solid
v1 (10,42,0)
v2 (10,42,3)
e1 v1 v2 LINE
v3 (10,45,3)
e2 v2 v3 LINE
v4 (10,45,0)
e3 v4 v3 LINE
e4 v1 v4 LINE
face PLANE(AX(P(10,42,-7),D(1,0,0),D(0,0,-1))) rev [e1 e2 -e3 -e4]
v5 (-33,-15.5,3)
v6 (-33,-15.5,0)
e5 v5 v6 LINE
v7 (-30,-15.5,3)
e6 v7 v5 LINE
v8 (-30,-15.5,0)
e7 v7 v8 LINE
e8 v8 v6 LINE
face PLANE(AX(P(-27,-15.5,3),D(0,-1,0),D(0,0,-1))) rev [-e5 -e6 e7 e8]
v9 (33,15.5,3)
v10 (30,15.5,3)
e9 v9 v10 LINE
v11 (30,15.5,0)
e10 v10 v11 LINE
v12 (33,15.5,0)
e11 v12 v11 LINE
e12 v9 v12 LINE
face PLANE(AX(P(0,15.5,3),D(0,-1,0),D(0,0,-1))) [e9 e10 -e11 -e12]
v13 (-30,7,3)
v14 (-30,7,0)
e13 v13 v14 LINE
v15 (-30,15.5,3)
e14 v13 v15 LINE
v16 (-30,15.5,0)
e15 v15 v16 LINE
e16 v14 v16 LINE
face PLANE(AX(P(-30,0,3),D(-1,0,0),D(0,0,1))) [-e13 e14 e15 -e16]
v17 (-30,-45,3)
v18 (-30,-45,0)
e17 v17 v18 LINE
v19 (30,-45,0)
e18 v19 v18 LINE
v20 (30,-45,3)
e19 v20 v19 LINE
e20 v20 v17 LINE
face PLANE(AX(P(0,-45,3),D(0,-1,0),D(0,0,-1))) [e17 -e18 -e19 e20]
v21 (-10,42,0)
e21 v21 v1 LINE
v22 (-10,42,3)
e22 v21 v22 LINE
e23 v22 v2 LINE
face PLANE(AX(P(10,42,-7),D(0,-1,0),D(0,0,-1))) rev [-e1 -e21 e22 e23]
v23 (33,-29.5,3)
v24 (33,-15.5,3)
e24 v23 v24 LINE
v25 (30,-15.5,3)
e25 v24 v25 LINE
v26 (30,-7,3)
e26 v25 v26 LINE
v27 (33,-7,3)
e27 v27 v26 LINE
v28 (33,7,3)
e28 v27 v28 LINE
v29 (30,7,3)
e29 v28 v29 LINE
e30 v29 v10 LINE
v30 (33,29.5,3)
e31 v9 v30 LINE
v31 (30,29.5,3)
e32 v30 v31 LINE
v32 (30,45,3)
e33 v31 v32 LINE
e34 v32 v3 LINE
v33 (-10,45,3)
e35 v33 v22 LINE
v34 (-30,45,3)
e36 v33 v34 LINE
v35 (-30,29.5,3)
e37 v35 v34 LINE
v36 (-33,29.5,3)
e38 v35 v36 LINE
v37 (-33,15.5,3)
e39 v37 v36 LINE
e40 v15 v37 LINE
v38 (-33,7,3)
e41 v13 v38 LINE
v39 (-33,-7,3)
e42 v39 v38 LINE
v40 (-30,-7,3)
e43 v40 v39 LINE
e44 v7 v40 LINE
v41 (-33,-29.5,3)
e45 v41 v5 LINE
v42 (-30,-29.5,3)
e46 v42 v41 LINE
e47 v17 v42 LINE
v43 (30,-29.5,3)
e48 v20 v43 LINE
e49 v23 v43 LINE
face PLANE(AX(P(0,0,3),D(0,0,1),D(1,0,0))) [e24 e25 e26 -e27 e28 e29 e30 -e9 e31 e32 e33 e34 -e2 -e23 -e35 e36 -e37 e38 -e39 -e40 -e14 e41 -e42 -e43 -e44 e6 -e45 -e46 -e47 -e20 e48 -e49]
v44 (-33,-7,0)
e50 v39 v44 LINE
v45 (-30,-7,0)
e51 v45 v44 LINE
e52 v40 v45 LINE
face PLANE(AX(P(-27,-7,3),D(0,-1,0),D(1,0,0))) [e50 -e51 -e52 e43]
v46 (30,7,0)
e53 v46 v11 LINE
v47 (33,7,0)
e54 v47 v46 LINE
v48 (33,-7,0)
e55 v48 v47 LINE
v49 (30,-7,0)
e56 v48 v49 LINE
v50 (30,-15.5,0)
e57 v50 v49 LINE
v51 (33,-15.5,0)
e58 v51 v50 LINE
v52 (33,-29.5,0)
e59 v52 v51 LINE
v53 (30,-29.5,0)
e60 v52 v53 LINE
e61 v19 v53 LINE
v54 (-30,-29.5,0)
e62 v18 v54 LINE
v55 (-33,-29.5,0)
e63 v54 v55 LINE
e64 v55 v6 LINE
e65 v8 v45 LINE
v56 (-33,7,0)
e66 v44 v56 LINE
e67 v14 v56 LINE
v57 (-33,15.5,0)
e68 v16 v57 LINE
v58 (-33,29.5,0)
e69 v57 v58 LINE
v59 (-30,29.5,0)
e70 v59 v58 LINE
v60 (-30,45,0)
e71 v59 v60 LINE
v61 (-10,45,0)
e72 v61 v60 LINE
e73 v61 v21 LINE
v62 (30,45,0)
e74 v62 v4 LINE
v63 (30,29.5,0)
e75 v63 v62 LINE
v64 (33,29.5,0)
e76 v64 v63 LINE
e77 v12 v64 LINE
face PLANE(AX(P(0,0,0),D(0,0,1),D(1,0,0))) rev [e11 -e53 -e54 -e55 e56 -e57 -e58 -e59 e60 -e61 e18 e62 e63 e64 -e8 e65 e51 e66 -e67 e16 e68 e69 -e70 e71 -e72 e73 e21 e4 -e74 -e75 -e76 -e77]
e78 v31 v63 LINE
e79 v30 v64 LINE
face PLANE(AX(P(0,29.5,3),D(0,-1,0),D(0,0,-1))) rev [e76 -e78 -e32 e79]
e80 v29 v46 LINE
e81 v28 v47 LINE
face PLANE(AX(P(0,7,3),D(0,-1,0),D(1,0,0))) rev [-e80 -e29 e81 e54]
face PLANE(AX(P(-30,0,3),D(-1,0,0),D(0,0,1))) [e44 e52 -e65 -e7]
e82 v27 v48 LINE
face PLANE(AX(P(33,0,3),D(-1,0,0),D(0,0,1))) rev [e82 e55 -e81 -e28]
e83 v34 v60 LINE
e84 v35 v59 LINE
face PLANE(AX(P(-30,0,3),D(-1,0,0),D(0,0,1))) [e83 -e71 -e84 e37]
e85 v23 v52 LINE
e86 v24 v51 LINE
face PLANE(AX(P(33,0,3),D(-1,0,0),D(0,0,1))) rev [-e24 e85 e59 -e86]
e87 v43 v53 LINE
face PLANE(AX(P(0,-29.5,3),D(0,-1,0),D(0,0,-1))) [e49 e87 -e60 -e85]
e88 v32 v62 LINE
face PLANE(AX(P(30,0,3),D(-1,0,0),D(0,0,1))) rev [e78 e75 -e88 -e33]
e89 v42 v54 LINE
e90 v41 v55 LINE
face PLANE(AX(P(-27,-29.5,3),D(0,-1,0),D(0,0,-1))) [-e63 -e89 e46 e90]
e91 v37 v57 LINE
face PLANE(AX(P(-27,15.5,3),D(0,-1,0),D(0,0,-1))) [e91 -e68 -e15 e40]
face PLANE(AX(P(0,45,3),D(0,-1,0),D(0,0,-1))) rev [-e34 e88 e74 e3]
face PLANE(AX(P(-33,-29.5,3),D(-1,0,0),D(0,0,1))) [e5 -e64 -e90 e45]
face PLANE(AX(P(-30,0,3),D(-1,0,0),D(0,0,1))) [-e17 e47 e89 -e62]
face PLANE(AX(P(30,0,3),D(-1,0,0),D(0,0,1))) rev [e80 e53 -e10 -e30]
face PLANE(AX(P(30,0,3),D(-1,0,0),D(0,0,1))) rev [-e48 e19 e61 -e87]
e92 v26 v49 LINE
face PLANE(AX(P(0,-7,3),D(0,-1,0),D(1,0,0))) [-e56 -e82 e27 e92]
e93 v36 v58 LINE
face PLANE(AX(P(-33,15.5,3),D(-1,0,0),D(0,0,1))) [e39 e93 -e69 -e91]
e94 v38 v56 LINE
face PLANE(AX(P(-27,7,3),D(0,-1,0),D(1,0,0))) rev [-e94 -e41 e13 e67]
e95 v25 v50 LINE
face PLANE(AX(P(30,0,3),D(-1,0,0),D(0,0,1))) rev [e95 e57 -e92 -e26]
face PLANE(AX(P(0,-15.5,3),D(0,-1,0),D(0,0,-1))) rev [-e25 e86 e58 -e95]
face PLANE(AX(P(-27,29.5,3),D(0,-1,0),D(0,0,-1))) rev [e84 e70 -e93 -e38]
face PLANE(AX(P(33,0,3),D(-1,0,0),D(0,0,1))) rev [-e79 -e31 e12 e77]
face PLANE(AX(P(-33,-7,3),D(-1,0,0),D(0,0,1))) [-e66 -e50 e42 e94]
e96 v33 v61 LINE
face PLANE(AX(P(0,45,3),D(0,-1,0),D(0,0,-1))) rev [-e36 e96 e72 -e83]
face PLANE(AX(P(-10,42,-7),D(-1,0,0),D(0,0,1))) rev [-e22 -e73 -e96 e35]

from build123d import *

# Parameters (mm, degrees)
BOSS_EXTRU_1_DEPTH      = 3
ESQUISSE2_W             = 20
ESQUISSE2_H             = 6
ENL_V_MAT_EXTRU_1_DEPTH = 10


with BuildPart() as part:
    # Esquisse1 → Boss.-Extru.1 (new body)
    with BuildSketch(Plane.XY):
        Polygon((-30, -45), (30, -45), (30, -29.5), (33, -29.5), (33, -15.5), (30, -15.5), (30, -7), (33, -7), (33, 7), (30, 7), (30, 15.5), (33, 15.5), (33, 29.5), (30, 29.5), (30, 45), (-30, 45), (-30, 29.5), (-33, 29.5), (-33, 15.5), (-30, 15.5), (-30, 7), (-33, 7), (-33, -7), (-30, -7), (-30, -15.5), (-33, -15.5), (-33, -29.5), (-30, -29.5), align=None)
    extrude(amount=BOSS_EXTRU_1_DEPTH)

    # Esquisse2 → Enlèv. mat.-Extru.1 (cut)
    with BuildSketch(Plane.XY.offset(3)):
        with Locations((0, 45)):
            Rectangle(ESQUISSE2_W, ESQUISSE2_H)
    extrude(amount=-ENL_V_MAT_EXTRU_1_DEPTH, mode=Mode.SUBTRACT)


solid = part.part
